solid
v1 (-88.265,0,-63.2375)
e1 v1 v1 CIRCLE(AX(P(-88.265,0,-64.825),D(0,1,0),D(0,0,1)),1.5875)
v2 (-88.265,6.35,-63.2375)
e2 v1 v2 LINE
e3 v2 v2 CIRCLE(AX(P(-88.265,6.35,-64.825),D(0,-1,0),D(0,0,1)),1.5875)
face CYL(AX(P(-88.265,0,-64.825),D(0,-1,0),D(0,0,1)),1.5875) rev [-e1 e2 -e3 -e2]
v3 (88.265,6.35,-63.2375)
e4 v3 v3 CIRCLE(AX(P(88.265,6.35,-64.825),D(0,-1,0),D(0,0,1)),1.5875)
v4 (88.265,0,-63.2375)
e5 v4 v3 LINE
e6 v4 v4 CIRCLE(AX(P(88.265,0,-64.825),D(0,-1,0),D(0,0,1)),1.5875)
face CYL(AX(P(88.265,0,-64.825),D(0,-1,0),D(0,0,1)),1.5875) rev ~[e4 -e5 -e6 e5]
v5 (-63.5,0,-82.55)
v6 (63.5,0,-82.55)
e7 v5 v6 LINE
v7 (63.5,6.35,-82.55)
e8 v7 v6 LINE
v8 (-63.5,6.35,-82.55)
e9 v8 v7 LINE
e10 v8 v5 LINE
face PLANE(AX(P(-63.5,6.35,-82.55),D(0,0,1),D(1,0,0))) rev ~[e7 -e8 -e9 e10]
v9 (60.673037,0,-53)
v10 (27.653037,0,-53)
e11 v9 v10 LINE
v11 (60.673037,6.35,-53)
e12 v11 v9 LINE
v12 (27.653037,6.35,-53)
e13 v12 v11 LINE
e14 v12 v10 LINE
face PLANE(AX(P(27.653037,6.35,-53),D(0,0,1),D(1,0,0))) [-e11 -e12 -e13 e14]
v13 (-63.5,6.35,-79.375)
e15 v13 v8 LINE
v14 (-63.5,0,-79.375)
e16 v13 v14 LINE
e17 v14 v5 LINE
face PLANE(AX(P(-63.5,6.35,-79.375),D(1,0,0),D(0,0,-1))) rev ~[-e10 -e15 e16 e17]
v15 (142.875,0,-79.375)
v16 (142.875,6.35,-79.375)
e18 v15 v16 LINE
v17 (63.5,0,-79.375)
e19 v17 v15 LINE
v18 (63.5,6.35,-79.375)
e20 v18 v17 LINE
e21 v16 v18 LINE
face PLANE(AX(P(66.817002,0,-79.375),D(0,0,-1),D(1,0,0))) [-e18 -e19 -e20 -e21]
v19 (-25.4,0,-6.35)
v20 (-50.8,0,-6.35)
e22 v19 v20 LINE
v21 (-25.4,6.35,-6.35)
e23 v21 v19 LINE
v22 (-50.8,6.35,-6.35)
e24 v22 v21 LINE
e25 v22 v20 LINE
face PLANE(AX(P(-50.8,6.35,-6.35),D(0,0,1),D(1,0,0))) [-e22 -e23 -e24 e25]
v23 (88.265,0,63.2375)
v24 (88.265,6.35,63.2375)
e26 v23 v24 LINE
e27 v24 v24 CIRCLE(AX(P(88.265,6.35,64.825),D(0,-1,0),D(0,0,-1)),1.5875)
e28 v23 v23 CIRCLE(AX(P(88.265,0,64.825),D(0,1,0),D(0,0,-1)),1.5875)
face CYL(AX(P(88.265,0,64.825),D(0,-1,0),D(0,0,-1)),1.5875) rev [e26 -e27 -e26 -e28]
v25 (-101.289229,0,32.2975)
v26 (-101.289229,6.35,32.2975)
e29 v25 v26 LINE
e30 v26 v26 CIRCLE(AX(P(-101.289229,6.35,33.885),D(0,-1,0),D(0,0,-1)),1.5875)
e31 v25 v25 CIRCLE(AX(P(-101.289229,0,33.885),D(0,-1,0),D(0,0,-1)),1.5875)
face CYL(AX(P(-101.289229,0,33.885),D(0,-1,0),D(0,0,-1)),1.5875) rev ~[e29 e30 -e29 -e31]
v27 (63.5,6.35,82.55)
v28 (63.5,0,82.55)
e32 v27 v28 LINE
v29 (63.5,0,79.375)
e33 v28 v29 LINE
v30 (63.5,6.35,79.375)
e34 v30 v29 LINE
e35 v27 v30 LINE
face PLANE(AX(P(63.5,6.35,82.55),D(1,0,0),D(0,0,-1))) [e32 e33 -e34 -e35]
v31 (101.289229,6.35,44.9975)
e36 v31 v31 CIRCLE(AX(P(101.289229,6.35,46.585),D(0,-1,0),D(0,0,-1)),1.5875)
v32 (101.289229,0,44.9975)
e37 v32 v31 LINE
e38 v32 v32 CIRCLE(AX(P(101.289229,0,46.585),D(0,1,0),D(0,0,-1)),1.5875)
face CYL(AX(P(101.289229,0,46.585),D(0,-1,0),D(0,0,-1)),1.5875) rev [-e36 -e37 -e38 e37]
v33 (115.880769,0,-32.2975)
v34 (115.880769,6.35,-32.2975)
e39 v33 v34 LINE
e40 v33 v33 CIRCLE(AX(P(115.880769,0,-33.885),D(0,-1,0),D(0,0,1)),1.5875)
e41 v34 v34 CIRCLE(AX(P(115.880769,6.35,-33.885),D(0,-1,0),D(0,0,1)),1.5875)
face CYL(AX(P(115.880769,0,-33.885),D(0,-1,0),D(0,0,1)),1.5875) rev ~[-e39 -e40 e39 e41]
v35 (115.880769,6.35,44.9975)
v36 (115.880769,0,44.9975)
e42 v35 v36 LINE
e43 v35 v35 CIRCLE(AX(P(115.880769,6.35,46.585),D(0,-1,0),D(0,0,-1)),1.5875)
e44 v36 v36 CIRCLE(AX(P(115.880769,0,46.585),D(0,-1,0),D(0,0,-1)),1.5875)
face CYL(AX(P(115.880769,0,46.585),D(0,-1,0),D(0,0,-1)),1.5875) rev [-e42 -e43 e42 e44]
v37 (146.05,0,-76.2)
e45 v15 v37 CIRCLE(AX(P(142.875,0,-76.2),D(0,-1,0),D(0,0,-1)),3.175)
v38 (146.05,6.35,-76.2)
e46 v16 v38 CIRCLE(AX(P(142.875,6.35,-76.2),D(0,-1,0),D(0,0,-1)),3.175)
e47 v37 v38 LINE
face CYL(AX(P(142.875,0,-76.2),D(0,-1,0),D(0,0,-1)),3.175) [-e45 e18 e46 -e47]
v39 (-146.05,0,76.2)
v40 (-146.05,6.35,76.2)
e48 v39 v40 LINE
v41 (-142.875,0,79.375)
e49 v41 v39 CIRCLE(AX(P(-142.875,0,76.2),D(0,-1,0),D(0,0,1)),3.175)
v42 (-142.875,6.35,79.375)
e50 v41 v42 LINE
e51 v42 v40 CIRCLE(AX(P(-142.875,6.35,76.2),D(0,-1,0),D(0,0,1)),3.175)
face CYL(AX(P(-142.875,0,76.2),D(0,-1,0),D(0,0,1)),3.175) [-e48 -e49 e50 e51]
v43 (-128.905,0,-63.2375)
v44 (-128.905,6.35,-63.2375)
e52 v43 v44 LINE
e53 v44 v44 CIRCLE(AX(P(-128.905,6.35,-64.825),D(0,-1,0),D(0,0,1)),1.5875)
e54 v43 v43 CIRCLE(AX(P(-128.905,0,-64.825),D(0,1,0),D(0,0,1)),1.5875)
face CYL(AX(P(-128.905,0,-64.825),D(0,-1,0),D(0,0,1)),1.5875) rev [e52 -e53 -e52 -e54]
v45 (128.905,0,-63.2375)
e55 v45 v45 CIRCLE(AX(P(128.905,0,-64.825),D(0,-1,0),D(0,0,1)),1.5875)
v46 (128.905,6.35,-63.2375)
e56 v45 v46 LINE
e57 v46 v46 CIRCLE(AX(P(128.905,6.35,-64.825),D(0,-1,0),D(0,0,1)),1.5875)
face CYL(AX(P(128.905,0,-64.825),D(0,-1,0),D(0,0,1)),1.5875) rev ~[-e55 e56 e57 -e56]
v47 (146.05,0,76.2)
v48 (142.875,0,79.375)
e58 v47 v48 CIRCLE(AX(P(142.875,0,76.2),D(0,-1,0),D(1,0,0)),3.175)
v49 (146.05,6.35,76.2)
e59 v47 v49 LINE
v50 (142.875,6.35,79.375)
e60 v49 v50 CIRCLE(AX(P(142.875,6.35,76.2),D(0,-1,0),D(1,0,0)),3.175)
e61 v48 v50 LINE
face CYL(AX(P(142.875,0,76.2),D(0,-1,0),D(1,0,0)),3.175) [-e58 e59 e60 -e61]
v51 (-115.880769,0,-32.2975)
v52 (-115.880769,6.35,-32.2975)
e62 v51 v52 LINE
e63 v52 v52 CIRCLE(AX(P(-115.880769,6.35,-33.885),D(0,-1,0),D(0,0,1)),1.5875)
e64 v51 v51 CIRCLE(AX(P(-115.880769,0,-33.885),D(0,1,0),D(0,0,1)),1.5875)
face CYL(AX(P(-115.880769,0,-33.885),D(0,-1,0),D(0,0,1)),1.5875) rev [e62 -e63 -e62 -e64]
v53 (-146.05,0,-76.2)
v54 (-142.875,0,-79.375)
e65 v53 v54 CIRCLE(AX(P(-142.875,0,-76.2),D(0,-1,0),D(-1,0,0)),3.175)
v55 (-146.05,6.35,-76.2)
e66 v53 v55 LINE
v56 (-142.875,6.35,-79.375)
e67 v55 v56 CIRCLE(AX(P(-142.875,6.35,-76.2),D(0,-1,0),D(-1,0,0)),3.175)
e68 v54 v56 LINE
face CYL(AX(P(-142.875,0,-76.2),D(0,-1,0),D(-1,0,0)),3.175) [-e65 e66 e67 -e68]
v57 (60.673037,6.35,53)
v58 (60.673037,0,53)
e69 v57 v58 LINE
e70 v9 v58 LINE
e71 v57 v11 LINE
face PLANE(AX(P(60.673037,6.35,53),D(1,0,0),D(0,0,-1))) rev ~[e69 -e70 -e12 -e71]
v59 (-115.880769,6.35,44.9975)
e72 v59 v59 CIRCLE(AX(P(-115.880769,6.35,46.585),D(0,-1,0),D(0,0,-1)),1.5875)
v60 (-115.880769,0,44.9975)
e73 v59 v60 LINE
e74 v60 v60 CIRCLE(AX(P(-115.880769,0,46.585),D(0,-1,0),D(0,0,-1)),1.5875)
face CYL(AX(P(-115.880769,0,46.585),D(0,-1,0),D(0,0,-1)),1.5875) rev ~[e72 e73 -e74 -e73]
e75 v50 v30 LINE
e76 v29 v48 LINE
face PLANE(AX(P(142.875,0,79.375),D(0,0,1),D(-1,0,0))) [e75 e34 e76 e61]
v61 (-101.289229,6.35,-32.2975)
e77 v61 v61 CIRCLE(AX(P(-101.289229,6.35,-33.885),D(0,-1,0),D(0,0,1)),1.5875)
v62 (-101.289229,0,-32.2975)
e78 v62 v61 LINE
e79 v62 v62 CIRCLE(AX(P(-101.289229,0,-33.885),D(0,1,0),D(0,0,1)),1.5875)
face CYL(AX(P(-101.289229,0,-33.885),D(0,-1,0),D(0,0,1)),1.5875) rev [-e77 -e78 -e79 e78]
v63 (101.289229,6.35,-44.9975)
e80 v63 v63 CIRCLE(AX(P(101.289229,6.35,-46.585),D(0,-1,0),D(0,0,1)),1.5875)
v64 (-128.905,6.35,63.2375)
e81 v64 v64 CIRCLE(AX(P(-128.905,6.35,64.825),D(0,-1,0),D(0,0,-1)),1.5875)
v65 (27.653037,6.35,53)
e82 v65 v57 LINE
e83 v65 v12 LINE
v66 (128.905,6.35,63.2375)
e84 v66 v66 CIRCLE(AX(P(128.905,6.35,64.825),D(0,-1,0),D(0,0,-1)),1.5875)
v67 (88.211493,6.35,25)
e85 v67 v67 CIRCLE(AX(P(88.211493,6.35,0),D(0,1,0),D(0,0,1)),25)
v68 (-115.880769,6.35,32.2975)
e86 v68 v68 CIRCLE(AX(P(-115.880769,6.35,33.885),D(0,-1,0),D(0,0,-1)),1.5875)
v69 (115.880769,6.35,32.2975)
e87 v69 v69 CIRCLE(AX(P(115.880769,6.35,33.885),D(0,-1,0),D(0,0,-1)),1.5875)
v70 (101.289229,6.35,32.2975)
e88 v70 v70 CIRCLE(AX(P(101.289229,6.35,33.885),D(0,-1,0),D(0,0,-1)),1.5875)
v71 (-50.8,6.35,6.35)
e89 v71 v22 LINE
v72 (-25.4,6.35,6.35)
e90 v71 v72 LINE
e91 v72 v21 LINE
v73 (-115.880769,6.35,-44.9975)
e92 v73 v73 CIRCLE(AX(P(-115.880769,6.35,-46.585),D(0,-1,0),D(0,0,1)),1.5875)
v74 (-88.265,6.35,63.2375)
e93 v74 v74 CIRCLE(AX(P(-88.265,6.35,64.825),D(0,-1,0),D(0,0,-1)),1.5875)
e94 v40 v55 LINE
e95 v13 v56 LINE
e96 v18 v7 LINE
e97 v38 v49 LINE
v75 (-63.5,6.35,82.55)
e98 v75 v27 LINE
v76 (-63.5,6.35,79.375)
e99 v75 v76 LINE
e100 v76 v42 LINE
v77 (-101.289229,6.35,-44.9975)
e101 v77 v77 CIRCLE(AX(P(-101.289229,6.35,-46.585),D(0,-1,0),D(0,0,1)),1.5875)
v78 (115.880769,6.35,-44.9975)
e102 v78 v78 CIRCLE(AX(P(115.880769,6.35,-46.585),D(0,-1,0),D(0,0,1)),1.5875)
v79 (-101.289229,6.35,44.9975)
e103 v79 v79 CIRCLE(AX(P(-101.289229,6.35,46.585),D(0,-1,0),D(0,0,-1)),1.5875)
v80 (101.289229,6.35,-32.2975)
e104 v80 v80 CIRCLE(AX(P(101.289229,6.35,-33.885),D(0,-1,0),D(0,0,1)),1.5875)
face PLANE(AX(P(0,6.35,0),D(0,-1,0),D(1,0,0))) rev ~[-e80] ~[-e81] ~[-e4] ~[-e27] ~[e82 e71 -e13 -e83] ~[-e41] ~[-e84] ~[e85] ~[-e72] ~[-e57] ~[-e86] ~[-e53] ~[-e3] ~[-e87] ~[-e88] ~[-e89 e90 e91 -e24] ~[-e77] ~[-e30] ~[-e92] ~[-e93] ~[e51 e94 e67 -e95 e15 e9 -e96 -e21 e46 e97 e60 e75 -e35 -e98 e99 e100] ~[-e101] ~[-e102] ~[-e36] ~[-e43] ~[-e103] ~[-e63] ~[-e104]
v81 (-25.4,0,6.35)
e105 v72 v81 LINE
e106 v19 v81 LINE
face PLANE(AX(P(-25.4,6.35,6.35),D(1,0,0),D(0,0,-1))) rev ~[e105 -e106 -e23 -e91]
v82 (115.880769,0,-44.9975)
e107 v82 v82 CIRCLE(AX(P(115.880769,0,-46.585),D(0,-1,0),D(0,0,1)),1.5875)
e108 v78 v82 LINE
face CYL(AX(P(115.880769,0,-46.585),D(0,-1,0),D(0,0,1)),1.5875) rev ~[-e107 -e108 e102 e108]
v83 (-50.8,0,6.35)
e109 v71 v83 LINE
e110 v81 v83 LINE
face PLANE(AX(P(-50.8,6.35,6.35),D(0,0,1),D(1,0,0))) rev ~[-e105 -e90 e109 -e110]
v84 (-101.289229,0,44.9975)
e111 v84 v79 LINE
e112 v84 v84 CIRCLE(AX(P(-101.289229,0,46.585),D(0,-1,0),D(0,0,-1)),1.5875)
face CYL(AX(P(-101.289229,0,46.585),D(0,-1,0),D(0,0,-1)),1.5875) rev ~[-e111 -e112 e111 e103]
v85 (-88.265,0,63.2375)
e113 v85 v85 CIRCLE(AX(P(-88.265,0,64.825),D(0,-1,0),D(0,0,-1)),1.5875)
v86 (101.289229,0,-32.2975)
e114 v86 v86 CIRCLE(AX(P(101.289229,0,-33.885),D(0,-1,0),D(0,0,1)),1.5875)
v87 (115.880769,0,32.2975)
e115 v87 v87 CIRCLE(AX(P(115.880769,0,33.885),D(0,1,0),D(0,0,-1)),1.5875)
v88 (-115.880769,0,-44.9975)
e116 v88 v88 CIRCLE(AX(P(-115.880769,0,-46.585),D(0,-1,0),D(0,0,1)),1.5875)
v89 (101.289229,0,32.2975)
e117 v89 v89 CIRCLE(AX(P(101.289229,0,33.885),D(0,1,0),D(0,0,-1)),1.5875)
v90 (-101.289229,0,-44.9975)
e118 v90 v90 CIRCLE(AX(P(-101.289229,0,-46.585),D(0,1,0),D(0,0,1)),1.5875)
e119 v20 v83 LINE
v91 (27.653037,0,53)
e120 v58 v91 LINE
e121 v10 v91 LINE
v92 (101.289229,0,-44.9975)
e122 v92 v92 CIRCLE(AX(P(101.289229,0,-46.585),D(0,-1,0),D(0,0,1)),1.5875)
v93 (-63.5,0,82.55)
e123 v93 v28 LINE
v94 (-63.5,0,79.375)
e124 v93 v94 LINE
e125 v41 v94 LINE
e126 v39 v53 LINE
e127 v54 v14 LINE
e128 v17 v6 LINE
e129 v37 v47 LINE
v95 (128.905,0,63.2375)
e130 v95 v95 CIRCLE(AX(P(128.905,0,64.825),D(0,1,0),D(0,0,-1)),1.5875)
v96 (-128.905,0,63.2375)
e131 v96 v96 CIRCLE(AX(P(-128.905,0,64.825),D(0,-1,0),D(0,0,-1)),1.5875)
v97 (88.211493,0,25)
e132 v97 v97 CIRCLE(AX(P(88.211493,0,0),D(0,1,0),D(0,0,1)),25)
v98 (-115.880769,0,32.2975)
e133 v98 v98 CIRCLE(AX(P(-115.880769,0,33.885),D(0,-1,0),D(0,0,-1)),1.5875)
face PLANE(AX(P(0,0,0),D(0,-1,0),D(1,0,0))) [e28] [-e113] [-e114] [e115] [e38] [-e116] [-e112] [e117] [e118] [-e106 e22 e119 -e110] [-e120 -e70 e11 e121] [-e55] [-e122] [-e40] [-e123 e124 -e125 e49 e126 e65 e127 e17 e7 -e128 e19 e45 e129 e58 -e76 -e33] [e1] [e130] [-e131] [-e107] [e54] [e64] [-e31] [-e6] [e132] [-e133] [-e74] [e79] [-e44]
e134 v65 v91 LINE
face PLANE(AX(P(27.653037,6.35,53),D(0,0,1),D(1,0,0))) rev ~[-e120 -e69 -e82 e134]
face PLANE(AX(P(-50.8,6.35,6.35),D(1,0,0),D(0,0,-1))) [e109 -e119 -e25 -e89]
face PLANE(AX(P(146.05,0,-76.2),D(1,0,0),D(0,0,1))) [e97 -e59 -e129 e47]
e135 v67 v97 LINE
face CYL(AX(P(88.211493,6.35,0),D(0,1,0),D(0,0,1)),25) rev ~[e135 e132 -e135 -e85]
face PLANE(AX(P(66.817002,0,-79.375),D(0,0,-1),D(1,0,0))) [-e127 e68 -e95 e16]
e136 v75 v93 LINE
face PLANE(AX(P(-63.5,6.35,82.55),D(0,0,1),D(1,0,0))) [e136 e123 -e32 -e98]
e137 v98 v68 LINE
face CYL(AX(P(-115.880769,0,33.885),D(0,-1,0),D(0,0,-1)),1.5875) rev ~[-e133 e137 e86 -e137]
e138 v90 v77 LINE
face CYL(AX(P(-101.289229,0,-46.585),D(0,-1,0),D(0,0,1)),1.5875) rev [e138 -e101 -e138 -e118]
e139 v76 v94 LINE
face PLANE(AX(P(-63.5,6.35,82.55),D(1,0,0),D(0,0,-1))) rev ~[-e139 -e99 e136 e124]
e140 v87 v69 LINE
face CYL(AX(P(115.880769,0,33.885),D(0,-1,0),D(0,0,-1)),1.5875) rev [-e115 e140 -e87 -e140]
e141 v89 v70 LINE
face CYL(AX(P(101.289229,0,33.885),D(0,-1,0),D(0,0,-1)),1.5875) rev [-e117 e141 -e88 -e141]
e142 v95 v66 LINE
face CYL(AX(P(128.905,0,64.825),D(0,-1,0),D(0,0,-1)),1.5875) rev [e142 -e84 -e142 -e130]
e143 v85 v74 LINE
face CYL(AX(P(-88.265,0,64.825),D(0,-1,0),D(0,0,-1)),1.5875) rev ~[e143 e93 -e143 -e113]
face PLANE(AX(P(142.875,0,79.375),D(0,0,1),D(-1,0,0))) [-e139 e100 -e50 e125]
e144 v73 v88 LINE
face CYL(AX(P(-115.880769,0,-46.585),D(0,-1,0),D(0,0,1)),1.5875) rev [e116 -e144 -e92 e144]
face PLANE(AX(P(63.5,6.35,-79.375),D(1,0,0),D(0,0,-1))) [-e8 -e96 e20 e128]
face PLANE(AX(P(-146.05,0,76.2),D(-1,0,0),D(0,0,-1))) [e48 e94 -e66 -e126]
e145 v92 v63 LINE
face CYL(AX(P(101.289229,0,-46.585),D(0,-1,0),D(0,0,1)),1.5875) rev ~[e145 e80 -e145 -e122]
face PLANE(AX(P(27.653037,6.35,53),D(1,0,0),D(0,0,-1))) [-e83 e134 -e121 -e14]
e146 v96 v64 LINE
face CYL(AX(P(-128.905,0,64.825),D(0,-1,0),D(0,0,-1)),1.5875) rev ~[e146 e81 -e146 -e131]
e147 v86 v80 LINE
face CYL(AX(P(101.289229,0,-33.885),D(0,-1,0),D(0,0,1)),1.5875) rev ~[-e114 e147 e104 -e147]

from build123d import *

# Parameters (mm, degrees)
BOSS_EXTRUDE1_DEPTH     = 6.35
SKETCH2_W               = 25.4
SKETCH2_H               = 12.7
CUT_EXTRUDE1_DEPTH      = 186.567817792
SKETCH6_W               = 203.2
SKETCH6_H               = 34.925
CUT_EXTRUDE3_DEPTH      = 186.567817792
SKETCH9_W               = 127
SKETCH9_H               = 3.175
BOSS_EXTRUDE3_DEPTH     = 6.35
SKETCH12_R              = 1.5875
CUT_EXTRUDE5_DEPTH      = 168.885161643
MIRROR2_COPY_1_SKETCH_R = 1.5875
MIRROR2_COPY_1_DEPTH    = 168.885161643
SKETCH13_R              = 25
CUT_EXTRUDE6_DEPTH      = 168.885161643
SKETCH15_W              = 33.02
SKETCH15_H              = 106
CUT_EXTRUDE7_DEPTH      = 168.885161643


with BuildPart() as part:
    # Sketch1 → Boss-Extrude1 (new body)
    with BuildSketch(Plane.XZ):
        with BuildLine():
            Line((142.875, 79.375), (66.817002043, 79.375))
            ThreePointArc((66.817002043, 79.375), (64.571938013, 80.30493597), (63.642002043, 82.55))
            Line((63.642002043, 82.55), (63.642002043, 111.125))
            ThreePointArc((63.642002043, 111.125), (62.712066074, 113.37006403), (60.467002043, 114.3))
            Line((60.467002043, 114.3), (-60.467002043, 114.3))
            ThreePointArc((-60.467002043, 114.3), (-62.712066074, 113.37006403), (-63.642002043, 111.125))
            Line((-63.642002043, 111.125), (-63.642002043, 82.55))
            ThreePointArc((-63.642002043, 82.55), (-64.571938013, 80.30493597), (-66.817002043, 79.375))
            Line((-66.817002043, 79.375), (-142.875, 79.375))
            ThreePointArc((-142.875, 79.375), (-145.12006403, 78.44506403), (-146.05, 76.2))
            Line((-146.05, 76.2), (-146.05, -76.2))
            ThreePointArc((-146.05, -76.2), (-145.12006403, -78.44506403), (-142.875, -79.375))
            Line((-142.875, -79.375), (-66.817002043, -79.375))
            ThreePointArc((-66.817002043, -79.375), (-64.571938013, -80.30493597), (-63.642002043, -82.55))
            Line((-63.642002043, -82.55), (-63.642002043, -111.125))
            ThreePointArc((-63.642002043, -111.125), (-62.712066074, -113.37006403), (-60.467002043, -114.3))
            Line((-60.467002043, -114.3), (60.467002043, -114.3))
            ThreePointArc((60.467002043, -114.3), (62.712066074, -113.37006403), (63.642002043, -111.125))
            Line((63.642002043, -111.125), (63.642002043, -82.55))
            ThreePointArc((63.642002043, -82.55), (64.571938013, -80.30493597), (66.817002043, -79.375))
            Line((66.817002043, -79.375), (142.875, -79.375))
            ThreePointArc((142.875, -79.375), (145.12006403, -78.44506403), (146.05, -76.2))
            Line((146.05, -76.2), (146.05, 76.2))
            ThreePointArc((146.05, 76.2), (145.12006403, 78.44506403), (142.875, 79.375))
        make_face()
    extrude(amount=-BOSS_EXTRUDE1_DEPTH)

    # Sketch2 → Cut-Extrude1 (cut, through all)
    with BuildSketch(Plane(origin=(0, 6.35, 0), x_dir=(1, 0, 0), z_dir=(0, 1, 0))):
        with Locations((-38.1, 0)):
            Rectangle(SKETCH2_W, SKETCH2_H)
    extrude(amount=-CUT_EXTRUDE1_DEPTH, mode=Mode.SUBTRACT)

    # Sketch6 → Cut-Extrude3 (cut, through all)
    with BuildSketch(Plane.XZ):
        with Locations((0, 96.8375)):
            Rectangle(SKETCH6_W, SKETCH6_H)
        with Locations((0, -96.8375)):
            Rectangle(SKETCH6_W, SKETCH6_H)
    extrude(amount=-CUT_EXTRUDE3_DEPTH, mode=Mode.SUBTRACT)

    # Sketch9 → Boss-Extrude3 (add)
    with BuildSketch(Plane(origin=(0, 6.35, 0), x_dir=(1, 0, 0), z_dir=(0, 1, 0))):
        with Locations((0, 80.9625)):
            Rectangle(SKETCH9_W, SKETCH9_H)
        with Locations((0, -80.9625)):
            Rectangle(SKETCH9_W, SKETCH9_H)
    extrude(amount=-BOSS_EXTRUDE3_DEPTH)

    # Sketch12 → Cut-Extrude5 (cut, symmetric)
    with BuildSketch(Plane.XZ):
        with Locations(Location((-128.905, 64.825, 0), (0, 0, 270))):
            Circle(SKETCH12_R)
        with Locations(Location((-88.265, 64.825, 0), (0, 0, 270))):
            Circle(SKETCH12_R)
        with Locations(Location((-101.289228739, 46.585, 0), (0, 0, 270))):
            Circle(SKETCH12_R)
        with Locations(Location((-101.289228739, 33.885, 0), (0, 0, 270))):
            Circle(SKETCH12_R)
        with Locations(Location((-115.880769, 33.885, 0), (0, 0, 270))):
            Circle(SKETCH12_R)
        with Locations(Location((-115.880769, 46.585, 0), (0, 0, 270))):
            Circle(SKETCH12_R)
    cut_extrude5 = extrude(amount=CUT_EXTRUDE5_DEPTH, both=True, mode=Mode.SUBTRACT)

    # Mirror1: Cut-Extrude5 across plane
    add(cut_extrude5.mirror(Plane(origin=(0, 0, 0), x_dir=(0, 0, 1), z_dir=(1, 0, 0))), mode=Mode.SUBTRACT)

    # Mirror2: Cut-Extrude5 across plane
    add(cut_extrude5.mirror(Plane(origin=(0, 0, 0), x_dir=(1, 0, 0), z_dir=(0, 0, -1))), mode=Mode.SUBTRACT)

    # Mirror2 copy 1 sketch → Mirror2 copy 1 (cut, symmetric)
    with BuildSketch(Plane(origin=(0, 0, 0), x_dir=(-1, 0, 0), z_dir=(0, -1, 0))):
        with Locations(Location((-128.905, 64.825, 0), (0, 0, 270))):
            Circle(MIRROR2_COPY_1_SKETCH_R)
        with Locations(Location((-88.265, 64.825, 0), (0, 0, 270))):
            Circle(MIRROR2_COPY_1_SKETCH_R)
        with Locations(Location((-101.289228739, 46.585, 0), (0, 0, 270))):
            Circle(MIRROR2_COPY_1_SKETCH_R)
        with Locations(Location((-101.289228739, 33.885, 0), (0, 0, 270))):
            Circle(MIRROR2_COPY_1_SKETCH_R)
        with Locations(Location((-115.880769, 33.885, 0), (0, 0, 270))):
            Circle(MIRROR2_COPY_1_SKETCH_R)
        with Locations(Location((-115.880769, 46.585, 0), (0, 0, 270))):
            Circle(MIRROR2_COPY_1_SKETCH_R)
    extrude(amount=MIRROR2_COPY_1_DEPTH, both=True, mode=Mode.SUBTRACT)

    # Sketch13 → Cut-Extrude6 (cut, through all)
    with BuildSketch(Plane(origin=(0, 6.35, 0), x_dir=(1, 0, 0), z_dir=(0, 1, 0))):
        with Locations(Location((88.21149281, 0, 0), (0, 0, 270))):
            Circle(SKETCH13_R)
    extrude(amount=-CUT_EXTRUDE6_DEPTH, mode=Mode.SUBTRACT)

    # Sketch15 → Cut-Extrude7 (cut, through all)
    with BuildSketch(Plane(origin=(0, 6.35, 0), x_dir=(1, 0, 0), z_dir=(0, 1, 0))):
        with Locations((44.163037407, 0)):
            Rectangle(SKETCH15_W, SKETCH15_H)
    extrude(amount=-CUT_EXTRUDE7_DEPTH, mode=Mode.SUBTRACT)


solid = part.part
